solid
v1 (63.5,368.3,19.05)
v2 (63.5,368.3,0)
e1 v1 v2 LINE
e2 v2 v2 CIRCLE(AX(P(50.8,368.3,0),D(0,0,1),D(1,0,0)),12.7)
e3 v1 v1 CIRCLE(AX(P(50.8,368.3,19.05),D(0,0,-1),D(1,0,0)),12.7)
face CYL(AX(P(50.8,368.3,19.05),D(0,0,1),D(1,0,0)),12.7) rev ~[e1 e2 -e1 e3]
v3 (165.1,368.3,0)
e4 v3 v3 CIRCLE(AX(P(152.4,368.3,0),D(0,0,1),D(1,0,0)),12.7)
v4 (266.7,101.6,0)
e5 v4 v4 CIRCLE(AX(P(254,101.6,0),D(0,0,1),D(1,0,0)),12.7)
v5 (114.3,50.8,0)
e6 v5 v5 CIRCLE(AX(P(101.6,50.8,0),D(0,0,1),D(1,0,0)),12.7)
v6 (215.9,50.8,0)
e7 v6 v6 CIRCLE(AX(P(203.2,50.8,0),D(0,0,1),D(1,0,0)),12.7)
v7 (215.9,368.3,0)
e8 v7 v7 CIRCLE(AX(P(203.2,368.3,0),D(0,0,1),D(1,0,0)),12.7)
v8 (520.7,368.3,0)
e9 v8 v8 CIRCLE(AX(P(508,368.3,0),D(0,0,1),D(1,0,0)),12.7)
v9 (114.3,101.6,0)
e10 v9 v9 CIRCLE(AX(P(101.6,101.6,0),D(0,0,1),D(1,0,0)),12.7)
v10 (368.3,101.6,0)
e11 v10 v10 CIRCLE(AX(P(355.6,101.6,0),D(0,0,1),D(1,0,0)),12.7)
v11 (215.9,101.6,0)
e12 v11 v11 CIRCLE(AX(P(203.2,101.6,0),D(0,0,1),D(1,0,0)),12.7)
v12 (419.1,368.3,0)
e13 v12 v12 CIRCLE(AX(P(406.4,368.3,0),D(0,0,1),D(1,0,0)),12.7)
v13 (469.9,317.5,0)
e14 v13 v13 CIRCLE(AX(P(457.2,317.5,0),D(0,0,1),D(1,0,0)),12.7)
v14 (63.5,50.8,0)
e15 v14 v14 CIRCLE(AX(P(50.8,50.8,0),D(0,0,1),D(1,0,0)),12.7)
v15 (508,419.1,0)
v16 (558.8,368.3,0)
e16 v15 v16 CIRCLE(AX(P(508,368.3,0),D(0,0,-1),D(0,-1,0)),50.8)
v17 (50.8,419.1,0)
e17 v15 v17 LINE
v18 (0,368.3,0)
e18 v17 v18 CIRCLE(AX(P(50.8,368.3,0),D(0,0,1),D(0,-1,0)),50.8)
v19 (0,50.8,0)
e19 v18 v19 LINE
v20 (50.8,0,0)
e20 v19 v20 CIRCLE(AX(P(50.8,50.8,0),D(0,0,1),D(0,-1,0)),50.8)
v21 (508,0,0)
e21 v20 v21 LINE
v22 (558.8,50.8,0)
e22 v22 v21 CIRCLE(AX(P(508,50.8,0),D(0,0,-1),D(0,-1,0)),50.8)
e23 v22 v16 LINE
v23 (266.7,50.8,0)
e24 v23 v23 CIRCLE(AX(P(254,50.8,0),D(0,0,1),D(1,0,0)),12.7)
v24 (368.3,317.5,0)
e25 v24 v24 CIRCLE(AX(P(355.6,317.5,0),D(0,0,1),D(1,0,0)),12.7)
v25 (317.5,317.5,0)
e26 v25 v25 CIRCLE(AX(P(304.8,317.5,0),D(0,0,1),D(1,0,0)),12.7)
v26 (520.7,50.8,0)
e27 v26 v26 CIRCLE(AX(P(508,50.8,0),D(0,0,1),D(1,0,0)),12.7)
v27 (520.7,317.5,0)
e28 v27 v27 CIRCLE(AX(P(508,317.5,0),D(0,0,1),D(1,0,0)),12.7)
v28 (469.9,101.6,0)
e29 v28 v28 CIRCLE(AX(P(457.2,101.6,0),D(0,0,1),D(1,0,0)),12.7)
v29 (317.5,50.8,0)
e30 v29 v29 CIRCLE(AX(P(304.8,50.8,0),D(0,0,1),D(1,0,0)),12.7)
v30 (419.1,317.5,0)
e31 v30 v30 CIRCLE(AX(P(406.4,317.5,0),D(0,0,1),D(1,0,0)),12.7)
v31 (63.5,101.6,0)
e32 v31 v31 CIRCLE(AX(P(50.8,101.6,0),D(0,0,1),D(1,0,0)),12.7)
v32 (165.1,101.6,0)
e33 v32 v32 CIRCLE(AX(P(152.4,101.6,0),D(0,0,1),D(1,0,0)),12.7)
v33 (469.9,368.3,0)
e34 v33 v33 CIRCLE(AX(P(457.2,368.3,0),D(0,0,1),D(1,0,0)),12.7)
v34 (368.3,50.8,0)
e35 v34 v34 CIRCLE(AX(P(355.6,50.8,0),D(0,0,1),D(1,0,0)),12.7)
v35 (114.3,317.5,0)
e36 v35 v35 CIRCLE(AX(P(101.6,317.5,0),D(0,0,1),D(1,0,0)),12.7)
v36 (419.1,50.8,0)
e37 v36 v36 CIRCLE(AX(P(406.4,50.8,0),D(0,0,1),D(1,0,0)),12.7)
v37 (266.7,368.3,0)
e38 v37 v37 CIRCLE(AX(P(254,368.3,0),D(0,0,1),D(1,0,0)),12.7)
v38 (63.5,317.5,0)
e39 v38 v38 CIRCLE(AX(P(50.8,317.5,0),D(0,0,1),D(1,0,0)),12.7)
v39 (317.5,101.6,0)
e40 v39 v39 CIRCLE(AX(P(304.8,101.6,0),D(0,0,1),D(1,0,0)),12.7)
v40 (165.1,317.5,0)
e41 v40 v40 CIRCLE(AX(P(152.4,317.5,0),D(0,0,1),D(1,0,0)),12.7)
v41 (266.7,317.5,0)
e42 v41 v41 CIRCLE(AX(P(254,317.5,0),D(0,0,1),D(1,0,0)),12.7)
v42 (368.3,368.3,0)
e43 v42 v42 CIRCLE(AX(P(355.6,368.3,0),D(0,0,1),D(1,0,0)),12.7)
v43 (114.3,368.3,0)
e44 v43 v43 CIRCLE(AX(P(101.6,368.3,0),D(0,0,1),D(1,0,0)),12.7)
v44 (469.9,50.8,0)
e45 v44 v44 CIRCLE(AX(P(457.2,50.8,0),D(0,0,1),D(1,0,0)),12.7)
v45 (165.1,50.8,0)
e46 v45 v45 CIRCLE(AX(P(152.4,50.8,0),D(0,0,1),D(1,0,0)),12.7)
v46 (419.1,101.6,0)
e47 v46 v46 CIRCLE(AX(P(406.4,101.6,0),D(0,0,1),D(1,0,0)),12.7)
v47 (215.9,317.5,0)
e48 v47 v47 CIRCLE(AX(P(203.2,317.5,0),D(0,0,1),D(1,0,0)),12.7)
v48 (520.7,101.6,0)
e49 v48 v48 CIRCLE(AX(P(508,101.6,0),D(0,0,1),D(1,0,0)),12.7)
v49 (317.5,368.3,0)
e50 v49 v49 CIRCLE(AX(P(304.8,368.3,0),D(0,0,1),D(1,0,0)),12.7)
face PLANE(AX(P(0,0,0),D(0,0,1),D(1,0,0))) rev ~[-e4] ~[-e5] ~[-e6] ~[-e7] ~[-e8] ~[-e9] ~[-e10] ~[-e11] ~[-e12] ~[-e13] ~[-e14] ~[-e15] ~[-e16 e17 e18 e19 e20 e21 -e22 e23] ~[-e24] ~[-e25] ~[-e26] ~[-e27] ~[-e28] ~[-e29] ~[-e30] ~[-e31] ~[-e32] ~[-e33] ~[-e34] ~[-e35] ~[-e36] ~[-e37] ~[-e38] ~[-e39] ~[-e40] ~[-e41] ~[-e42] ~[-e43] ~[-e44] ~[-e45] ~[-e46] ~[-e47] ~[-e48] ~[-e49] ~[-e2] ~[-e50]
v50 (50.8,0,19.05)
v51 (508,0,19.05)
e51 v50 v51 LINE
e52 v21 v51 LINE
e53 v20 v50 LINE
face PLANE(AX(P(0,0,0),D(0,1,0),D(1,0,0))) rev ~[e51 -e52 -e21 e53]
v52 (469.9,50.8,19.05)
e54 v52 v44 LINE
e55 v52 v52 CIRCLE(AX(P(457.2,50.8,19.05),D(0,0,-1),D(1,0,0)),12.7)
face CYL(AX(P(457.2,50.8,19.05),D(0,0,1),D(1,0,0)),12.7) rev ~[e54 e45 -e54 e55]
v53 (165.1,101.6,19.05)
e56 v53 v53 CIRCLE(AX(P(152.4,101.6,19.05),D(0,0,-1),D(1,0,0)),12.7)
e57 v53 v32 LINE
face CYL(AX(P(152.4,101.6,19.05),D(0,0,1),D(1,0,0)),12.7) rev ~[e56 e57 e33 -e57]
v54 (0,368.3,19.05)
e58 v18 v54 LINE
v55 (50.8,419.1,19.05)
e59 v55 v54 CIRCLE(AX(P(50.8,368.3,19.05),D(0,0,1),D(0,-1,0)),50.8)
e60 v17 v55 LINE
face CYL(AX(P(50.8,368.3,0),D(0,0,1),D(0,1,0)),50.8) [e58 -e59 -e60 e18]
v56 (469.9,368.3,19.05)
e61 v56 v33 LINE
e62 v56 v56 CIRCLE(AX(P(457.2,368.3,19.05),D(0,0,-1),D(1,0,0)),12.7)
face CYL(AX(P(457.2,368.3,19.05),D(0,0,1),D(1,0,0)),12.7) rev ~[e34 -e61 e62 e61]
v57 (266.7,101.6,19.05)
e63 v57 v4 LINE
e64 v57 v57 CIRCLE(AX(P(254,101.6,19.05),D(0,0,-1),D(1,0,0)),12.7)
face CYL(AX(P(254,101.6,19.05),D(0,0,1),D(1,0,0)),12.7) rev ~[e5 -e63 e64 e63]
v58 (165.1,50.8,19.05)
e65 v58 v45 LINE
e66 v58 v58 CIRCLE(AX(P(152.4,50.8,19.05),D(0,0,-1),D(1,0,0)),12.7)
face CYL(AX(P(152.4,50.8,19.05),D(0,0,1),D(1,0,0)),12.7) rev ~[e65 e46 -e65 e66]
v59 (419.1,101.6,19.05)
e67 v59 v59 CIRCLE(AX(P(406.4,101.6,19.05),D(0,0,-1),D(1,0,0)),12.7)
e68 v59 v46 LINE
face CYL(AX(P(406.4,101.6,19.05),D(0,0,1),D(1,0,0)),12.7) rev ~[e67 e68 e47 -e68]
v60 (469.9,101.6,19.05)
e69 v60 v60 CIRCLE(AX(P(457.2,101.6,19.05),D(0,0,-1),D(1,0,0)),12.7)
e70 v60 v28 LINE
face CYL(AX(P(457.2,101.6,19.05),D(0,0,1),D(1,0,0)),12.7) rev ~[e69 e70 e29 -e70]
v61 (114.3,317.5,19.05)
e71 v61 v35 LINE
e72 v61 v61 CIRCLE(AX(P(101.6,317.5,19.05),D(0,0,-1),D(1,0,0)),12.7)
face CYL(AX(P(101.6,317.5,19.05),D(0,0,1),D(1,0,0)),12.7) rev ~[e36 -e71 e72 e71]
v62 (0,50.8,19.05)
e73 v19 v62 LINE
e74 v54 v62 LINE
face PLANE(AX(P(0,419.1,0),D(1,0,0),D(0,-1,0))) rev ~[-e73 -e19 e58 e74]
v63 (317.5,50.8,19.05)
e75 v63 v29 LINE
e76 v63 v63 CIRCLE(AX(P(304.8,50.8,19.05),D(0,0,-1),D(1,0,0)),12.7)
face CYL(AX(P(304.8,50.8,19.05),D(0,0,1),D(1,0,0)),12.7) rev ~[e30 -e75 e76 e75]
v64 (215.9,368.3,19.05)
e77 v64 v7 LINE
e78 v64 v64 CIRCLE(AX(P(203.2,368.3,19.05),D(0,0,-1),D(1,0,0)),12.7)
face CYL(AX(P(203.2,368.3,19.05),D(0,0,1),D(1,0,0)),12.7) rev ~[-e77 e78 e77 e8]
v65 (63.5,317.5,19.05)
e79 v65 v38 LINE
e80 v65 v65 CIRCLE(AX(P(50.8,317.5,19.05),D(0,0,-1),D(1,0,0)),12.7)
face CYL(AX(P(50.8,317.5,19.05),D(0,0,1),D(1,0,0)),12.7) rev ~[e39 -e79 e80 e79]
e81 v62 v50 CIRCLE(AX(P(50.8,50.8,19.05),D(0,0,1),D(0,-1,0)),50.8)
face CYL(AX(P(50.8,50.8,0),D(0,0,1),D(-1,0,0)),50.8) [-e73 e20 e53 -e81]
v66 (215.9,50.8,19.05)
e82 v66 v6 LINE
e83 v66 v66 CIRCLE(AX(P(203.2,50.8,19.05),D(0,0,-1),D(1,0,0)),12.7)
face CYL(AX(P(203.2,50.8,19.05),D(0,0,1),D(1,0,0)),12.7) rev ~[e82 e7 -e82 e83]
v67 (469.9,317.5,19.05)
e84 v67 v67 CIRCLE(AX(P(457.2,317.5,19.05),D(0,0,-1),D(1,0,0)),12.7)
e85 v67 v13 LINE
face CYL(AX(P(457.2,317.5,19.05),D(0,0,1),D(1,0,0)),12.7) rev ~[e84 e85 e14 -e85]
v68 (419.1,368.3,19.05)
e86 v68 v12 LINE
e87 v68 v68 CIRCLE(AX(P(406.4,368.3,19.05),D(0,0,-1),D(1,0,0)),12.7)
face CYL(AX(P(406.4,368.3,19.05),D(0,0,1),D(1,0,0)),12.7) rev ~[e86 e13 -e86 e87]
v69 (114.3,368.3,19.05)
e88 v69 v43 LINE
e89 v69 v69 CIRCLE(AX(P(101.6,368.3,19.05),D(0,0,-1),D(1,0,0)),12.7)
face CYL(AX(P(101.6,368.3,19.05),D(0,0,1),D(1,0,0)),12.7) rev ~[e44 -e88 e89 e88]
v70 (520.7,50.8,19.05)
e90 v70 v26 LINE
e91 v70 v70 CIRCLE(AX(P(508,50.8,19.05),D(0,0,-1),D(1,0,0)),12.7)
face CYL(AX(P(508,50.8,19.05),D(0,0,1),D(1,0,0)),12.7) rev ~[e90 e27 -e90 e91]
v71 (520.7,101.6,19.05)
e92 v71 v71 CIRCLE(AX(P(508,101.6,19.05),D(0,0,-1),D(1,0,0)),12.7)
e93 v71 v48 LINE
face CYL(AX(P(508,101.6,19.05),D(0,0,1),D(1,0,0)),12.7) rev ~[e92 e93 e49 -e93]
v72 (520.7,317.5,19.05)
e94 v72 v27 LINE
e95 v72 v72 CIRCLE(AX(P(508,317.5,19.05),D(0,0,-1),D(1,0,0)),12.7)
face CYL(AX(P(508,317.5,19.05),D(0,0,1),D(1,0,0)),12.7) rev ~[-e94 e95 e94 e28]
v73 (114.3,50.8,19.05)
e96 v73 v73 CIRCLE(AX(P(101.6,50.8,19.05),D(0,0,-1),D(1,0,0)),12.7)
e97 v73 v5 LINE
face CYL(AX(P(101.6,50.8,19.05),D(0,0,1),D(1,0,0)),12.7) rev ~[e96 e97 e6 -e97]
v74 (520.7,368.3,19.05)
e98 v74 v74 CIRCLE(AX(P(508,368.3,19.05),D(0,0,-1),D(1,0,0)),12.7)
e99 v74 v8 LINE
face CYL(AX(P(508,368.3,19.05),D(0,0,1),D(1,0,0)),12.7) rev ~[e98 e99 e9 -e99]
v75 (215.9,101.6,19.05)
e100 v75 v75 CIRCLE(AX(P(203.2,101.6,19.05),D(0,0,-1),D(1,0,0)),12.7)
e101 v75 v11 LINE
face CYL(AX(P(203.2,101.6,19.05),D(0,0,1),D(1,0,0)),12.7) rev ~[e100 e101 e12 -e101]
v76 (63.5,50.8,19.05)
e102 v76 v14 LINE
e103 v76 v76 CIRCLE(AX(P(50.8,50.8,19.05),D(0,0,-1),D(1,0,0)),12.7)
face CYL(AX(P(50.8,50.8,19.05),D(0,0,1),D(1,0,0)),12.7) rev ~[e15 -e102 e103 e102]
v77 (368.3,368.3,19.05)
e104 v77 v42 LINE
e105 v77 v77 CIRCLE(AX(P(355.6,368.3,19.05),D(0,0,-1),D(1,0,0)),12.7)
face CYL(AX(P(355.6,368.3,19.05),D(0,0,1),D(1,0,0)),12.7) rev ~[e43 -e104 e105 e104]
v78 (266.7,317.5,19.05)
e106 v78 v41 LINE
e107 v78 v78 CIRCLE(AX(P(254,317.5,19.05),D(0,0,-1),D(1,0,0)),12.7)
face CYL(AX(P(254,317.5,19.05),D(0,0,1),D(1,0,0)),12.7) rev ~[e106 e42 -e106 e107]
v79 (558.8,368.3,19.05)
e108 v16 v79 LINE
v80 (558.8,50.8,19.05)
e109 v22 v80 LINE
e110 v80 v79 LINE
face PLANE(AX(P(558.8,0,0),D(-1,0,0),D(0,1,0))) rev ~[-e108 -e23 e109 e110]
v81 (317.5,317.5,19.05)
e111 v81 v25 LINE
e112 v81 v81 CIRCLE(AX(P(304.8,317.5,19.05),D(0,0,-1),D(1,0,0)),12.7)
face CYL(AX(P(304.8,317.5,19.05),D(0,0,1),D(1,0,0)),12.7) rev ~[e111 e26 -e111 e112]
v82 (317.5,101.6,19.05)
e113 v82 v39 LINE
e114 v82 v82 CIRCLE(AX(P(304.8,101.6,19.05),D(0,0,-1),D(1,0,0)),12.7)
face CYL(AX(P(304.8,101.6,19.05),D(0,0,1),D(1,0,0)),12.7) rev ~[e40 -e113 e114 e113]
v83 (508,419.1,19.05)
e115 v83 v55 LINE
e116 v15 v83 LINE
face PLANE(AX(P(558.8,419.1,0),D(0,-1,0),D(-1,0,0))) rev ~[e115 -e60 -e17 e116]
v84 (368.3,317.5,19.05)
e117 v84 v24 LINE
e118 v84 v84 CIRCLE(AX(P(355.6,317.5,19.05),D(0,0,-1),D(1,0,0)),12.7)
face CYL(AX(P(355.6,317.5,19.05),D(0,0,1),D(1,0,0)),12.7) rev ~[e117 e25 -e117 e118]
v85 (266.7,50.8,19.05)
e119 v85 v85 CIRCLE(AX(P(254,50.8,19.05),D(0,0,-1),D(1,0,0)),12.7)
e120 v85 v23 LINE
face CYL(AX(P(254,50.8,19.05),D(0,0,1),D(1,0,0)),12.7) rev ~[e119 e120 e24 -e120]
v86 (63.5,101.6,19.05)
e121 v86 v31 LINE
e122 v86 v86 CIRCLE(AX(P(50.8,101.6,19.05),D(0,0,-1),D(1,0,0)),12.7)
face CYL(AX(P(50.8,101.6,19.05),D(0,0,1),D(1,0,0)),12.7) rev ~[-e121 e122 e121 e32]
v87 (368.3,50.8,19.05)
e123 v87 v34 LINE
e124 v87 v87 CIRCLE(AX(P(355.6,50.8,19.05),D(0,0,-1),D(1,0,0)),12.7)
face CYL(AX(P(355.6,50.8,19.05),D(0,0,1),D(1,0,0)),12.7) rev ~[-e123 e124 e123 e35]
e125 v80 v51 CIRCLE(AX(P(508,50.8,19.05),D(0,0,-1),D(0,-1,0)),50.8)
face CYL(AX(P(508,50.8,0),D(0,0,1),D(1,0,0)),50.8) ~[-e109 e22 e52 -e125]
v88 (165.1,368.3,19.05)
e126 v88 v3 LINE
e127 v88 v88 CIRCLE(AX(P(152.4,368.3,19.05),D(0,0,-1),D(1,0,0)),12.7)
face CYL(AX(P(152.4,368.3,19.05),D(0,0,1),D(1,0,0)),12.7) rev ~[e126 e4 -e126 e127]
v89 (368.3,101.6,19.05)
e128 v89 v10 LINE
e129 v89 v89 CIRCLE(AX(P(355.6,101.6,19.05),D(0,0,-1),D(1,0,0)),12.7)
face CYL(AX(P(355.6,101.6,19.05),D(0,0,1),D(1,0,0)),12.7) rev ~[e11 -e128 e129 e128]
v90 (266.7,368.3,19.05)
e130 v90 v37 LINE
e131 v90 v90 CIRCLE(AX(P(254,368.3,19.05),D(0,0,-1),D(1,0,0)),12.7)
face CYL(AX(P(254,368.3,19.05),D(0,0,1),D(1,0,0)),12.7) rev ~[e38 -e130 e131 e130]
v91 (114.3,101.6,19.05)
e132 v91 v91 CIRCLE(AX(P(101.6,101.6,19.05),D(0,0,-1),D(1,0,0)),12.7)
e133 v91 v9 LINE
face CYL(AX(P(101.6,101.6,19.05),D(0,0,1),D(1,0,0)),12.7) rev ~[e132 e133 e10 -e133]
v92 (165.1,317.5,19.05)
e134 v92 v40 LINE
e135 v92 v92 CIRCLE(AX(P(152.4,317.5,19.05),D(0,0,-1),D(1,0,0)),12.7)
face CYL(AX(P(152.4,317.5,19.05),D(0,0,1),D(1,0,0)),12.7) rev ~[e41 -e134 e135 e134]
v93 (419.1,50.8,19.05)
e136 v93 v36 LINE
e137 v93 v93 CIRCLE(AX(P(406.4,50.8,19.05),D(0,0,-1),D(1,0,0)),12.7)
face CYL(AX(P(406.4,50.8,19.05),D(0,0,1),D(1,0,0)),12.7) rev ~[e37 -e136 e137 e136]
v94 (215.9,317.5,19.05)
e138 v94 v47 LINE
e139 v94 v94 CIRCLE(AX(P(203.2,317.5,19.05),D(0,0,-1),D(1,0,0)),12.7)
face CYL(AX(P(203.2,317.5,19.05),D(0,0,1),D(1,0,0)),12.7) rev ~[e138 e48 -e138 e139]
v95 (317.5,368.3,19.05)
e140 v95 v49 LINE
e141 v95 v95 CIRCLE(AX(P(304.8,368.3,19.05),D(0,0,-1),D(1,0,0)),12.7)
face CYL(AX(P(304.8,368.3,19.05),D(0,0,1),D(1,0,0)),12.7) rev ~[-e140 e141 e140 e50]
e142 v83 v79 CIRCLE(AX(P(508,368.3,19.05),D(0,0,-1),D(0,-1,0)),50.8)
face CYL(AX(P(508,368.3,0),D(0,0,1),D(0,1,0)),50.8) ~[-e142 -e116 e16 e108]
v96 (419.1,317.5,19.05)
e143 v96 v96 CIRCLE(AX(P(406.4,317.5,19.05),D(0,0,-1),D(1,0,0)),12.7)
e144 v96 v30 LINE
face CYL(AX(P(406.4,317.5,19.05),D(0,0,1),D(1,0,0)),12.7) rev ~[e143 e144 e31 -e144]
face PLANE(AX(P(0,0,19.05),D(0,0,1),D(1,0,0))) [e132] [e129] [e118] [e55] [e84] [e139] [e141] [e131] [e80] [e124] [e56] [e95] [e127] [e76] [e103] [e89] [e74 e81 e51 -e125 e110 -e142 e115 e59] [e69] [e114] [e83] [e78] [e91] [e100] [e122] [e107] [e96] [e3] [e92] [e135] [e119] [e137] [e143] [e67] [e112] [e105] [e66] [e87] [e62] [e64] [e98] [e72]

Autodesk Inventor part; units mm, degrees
ref_plane "YZ Plane" through (0, 0, 0) normal (1, 0, 0) x (0, 1, 0)
ref_plane "XZ Plane" through (0, 0, 0) normal (0, 1, 0) x (-1, 0, 0)
ref_plane "XY Plane" through (0, 0, 0) normal (0, 0, 1) x (1, 0, 0)
sketch "Sketch1" plane through (0, 0, 0) normal (0, 0, 1) x (1, 0, 0)
  line L0 (0, 0) -> (558.8, 0)
  line L1 (558.8, 0) -> (558.8, 419.1)
  line L2 (558.8, 419.1) -> (0, 419.1)
  line L3 (0, 419.1) -> (0, 0)
  dimension "d0" = 558.8
  dimension "d1" = 419.1
extrude "Extrusion1" add sketch "Sketch1" along normal blind 19.05
fillet "Fillet1" radius 50.8 1 edges at (558.8, 419.1, 9.525)
fillet "Fillet2" radius 50.8 1 edges at (558.8, 0, 9.525)
fillet "Fillet3" radius 50.8 1 edges at (0, 419.1, 9.525)
fillet "Fillet4" radius 50.8 1 edges at (0, 0, 9.525)
sketch "Sketch2" plane through (0, 0, 19.05) normal (0, 0, 1) x (1, 0, 0)
  arc A0 (558.8, 368.3) -> (508, 419.1) centre (508, 368.3) ccw projected
  line L0 (0, 368.3) -> (0, 50.8) projected
  circle A1 centre (50.8, 368.3) radius 12.7
  line L1 (50.8, 368.3) -> (101.6, 368.3)
  line L2 (101.6, 368.3) -> (101.6, 317.5)
  line L3 (50.8, 368.3) -> (50.8, 317.5)
  line L4 (101.6, 368.3) -> (152.4, 368.3)
  line L5 (152.4, 368.3) -> (203.2, 368.3)
  line L6 (203.2, 368.3) -> (254, 368.3)
  line L7 (254, 368.3) -> (304.8, 368.3)
  line L8 (304.8, 368.3) -> (355.6, 368.3)
  line L9 (355.6, 368.3) -> (406.4, 368.3)
  line L10 (406.4, 368.3) -> (457.2, 368.3)
  line L11 (457.2, 368.3) -> (508, 368.3)
  line L12 (508, 368.3) -> (508, 317.5)
  line L13 (457.2, 368.3) -> (457.2, 317.5)
  line L14 (406.4, 368.3) -> (406.4, 317.5)
  line L15 (355.6, 368.3) -> (355.6, 317.5)
  line L16 (304.8, 368.3) -> (304.8, 317.5)
  line L17 (254, 368.3) -> (254, 317.5)
  line L18 (203.2, 368.3) -> (203.2, 317.5)
  line L19 (152.4, 368.3) -> (152.4, 317.5)
  circle A2 centre (101.6, 368.3) radius 12.7
  circle A3 centre (152.4, 368.3) radius 12.7
  circle A4 centre (203.2, 368.3) radius 12.7
  circle A5 centre (254, 368.3) radius 12.7
  circle A6 centre (304.8, 368.3) radius 12.7
  circle A7 centre (355.6, 368.3) radius 12.7
  circle A8 centre (406.4, 368.3) radius 12.7
  circle A9 centre (457.2, 368.3) radius 12.7
  circle A10 centre (508, 368.3) radius 12.7
  circle A11 centre (508, 317.5) radius 12.7
  circle A12 centre (457.2, 317.5) radius 12.7
  circle A13 centre (406.4, 317.5) radius 12.7
  circle A14 centre (355.6, 317.5) radius 12.7
  circle A15 centre (304.8, 317.5) radius 12.7
  circle A16 centre (254, 317.5) radius 12.7
  circle A17 centre (203.2, 317.5) radius 12.7
  circle A18 centre (152.4, 317.5) radius 12.7
  circle A19 centre (101.6, 317.5) radius 12.7
  circle A20 centre (50.8, 317.5) radius 12.7
  circle A21 centre (50.8, 101.6) radius 12.7
  line L20 (50.8, 101.6) -> (101.6, 101.6)
  line L21 (101.6, 101.6) -> (101.6, 50.8)
  line L22 (50.8, 101.6) -> (50.8, 50.8)
  line L23 (101.6, 101.6) -> (152.4, 101.6)
  line L24 (152.4, 101.6) -> (203.2, 101.6)
  line L25 (203.2, 101.6) -> (254, 101.6)
  line L26 (254, 101.6) -> (304.8, 101.6)
  line L27 (304.8, 101.6) -> (355.6, 101.6)
  line L28 (355.6, 101.6) -> (406.4, 101.6)
  line L29 (406.4, 101.6) -> (457.2, 101.6)
  line L30 (457.2, 101.6) -> (508, 101.6)
  line L31 (508, 101.6) -> (508, 50.8)
  line L32 (457.2, 101.6) -> (457.2, 50.8)
  line L33 (406.4, 101.6) -> (406.4, 50.8)
  line L34 (355.6, 101.6) -> (355.6, 50.8)
  line L35 (304.8, 101.6) -> (304.8, 50.8)
  line L36 (254, 101.6) -> (254, 50.8)
  line L37 (203.2, 101.6) -> (203.2, 50.8)
  line L38 (152.4, 101.6) -> (152.4, 50.8)
  circle A22 centre (101.6, 101.6) radius 12.7
  circle A23 centre (152.4, 101.6) radius 12.7
  circle A24 centre (203.2, 101.6) radius 12.7
  circle A25 centre (254, 101.6) radius 12.7
  circle A26 centre (304.8, 101.6) radius 12.7
  circle A27 centre (355.6, 101.6) radius 12.7
  circle A28 centre (406.4, 101.6) radius 12.7
  circle A29 centre (457.2, 101.6) radius 12.7
  circle A30 centre (508, 101.6) radius 12.7
  circle A31 centre (508, 50.8) radius 12.7
  circle A32 centre (457.2, 50.8) radius 12.7
  circle A33 centre (406.4, 50.8) radius 12.7
  circle A34 centre (355.6, 50.8) radius 12.7
  circle A35 centre (304.8, 50.8) radius 12.7
  circle A36 centre (254, 50.8) radius 12.7
  circle A37 centre (203.2, 50.8) radius 12.7
  circle A38 centre (152.4, 50.8) radius 12.7
  circle A39 centre (101.6, 50.8) radius 12.7
  circle A40 centre (50.8, 50.8) radius 12.7
  point P0 (0, 0)
  dimension "d8" = 25.4
  dimension "d9" = 50.8
  dimension "d10" = 50.8
  dimension "d11" = 50.8
  dimension "d12" = 50.8
  dimension "d13" = 50.8
  dimension "d14" = 50.8
  dimension "d15" = 50.8
  dimension "d16" = 50.8
  dimension "d17" = 50.8
  dimension "d18" = 50.8
  dimension "d19" = 50.8
  dimension "d20" = 50.8
  dimension "d21" = 50.8
  dimension "d22" = 50.8
  dimension "d23" = 50.8
  dimension "d24" = 50.8
  dimension "d25" = 50.8
  dimension "d26" = 50.8
  dimension "d27" = 50.8
  dimension "d28" = 25.4
  dimension "d29" = 25.4
  dimension "d30" = 25.4
  dimension "d31" = 25.4
  dimension "d32" = 25.4
  dimension "d33" = 25.4
  dimension "d34" = 25.4
  dimension "d35" = 25.4
  dimension "d36" = 25.4
  dimension "d37" = 25.4
  dimension "d38" = 25.4
  dimension "d39" = 25.4
  dimension "d40" = 25.4
  dimension "d41" = 25.4
  dimension "d42" = 25.4
  dimension "d43" = 25.4
  dimension "d44" = 25.4
  dimension "d45" = 25.4
  dimension "d46" = 25.4
  dimension "d47" = 25.4
  dimension "d48" = 50.8
  dimension "d49" = 50.8
  dimension "d50" = 50.8
  dimension "d51" = 50.8
  dimension "d52" = 50.8
  dimension "d53" = 50.8
  dimension "d54" = 50.8
  dimension "d55" = 50.8
  dimension "d56" = 50.8
  dimension "d57" = 50.8
  dimension "d58" = 50.8
  dimension "d59" = 50.8
  dimension "d60" = 50.8
  dimension "d61" = 50.8
  dimension "d62" = 50.8
  dimension "d63" = 50.8
  dimension "d64" = 50.8
  dimension "d65" = 50.8
  dimension "d66" = 50.8
  dimension "d67" = 25.4
  dimension "d68" = 25.4
  dimension "d69" = 25.4
  dimension "d70" = 25.4
  dimension "d71" = 25.4
extrude "Extrusion2" cut sketch "Sketch2" against normal blind 19.05
properties part number "ROV-Bottom Panel" material "Acetal Resin, Black"
